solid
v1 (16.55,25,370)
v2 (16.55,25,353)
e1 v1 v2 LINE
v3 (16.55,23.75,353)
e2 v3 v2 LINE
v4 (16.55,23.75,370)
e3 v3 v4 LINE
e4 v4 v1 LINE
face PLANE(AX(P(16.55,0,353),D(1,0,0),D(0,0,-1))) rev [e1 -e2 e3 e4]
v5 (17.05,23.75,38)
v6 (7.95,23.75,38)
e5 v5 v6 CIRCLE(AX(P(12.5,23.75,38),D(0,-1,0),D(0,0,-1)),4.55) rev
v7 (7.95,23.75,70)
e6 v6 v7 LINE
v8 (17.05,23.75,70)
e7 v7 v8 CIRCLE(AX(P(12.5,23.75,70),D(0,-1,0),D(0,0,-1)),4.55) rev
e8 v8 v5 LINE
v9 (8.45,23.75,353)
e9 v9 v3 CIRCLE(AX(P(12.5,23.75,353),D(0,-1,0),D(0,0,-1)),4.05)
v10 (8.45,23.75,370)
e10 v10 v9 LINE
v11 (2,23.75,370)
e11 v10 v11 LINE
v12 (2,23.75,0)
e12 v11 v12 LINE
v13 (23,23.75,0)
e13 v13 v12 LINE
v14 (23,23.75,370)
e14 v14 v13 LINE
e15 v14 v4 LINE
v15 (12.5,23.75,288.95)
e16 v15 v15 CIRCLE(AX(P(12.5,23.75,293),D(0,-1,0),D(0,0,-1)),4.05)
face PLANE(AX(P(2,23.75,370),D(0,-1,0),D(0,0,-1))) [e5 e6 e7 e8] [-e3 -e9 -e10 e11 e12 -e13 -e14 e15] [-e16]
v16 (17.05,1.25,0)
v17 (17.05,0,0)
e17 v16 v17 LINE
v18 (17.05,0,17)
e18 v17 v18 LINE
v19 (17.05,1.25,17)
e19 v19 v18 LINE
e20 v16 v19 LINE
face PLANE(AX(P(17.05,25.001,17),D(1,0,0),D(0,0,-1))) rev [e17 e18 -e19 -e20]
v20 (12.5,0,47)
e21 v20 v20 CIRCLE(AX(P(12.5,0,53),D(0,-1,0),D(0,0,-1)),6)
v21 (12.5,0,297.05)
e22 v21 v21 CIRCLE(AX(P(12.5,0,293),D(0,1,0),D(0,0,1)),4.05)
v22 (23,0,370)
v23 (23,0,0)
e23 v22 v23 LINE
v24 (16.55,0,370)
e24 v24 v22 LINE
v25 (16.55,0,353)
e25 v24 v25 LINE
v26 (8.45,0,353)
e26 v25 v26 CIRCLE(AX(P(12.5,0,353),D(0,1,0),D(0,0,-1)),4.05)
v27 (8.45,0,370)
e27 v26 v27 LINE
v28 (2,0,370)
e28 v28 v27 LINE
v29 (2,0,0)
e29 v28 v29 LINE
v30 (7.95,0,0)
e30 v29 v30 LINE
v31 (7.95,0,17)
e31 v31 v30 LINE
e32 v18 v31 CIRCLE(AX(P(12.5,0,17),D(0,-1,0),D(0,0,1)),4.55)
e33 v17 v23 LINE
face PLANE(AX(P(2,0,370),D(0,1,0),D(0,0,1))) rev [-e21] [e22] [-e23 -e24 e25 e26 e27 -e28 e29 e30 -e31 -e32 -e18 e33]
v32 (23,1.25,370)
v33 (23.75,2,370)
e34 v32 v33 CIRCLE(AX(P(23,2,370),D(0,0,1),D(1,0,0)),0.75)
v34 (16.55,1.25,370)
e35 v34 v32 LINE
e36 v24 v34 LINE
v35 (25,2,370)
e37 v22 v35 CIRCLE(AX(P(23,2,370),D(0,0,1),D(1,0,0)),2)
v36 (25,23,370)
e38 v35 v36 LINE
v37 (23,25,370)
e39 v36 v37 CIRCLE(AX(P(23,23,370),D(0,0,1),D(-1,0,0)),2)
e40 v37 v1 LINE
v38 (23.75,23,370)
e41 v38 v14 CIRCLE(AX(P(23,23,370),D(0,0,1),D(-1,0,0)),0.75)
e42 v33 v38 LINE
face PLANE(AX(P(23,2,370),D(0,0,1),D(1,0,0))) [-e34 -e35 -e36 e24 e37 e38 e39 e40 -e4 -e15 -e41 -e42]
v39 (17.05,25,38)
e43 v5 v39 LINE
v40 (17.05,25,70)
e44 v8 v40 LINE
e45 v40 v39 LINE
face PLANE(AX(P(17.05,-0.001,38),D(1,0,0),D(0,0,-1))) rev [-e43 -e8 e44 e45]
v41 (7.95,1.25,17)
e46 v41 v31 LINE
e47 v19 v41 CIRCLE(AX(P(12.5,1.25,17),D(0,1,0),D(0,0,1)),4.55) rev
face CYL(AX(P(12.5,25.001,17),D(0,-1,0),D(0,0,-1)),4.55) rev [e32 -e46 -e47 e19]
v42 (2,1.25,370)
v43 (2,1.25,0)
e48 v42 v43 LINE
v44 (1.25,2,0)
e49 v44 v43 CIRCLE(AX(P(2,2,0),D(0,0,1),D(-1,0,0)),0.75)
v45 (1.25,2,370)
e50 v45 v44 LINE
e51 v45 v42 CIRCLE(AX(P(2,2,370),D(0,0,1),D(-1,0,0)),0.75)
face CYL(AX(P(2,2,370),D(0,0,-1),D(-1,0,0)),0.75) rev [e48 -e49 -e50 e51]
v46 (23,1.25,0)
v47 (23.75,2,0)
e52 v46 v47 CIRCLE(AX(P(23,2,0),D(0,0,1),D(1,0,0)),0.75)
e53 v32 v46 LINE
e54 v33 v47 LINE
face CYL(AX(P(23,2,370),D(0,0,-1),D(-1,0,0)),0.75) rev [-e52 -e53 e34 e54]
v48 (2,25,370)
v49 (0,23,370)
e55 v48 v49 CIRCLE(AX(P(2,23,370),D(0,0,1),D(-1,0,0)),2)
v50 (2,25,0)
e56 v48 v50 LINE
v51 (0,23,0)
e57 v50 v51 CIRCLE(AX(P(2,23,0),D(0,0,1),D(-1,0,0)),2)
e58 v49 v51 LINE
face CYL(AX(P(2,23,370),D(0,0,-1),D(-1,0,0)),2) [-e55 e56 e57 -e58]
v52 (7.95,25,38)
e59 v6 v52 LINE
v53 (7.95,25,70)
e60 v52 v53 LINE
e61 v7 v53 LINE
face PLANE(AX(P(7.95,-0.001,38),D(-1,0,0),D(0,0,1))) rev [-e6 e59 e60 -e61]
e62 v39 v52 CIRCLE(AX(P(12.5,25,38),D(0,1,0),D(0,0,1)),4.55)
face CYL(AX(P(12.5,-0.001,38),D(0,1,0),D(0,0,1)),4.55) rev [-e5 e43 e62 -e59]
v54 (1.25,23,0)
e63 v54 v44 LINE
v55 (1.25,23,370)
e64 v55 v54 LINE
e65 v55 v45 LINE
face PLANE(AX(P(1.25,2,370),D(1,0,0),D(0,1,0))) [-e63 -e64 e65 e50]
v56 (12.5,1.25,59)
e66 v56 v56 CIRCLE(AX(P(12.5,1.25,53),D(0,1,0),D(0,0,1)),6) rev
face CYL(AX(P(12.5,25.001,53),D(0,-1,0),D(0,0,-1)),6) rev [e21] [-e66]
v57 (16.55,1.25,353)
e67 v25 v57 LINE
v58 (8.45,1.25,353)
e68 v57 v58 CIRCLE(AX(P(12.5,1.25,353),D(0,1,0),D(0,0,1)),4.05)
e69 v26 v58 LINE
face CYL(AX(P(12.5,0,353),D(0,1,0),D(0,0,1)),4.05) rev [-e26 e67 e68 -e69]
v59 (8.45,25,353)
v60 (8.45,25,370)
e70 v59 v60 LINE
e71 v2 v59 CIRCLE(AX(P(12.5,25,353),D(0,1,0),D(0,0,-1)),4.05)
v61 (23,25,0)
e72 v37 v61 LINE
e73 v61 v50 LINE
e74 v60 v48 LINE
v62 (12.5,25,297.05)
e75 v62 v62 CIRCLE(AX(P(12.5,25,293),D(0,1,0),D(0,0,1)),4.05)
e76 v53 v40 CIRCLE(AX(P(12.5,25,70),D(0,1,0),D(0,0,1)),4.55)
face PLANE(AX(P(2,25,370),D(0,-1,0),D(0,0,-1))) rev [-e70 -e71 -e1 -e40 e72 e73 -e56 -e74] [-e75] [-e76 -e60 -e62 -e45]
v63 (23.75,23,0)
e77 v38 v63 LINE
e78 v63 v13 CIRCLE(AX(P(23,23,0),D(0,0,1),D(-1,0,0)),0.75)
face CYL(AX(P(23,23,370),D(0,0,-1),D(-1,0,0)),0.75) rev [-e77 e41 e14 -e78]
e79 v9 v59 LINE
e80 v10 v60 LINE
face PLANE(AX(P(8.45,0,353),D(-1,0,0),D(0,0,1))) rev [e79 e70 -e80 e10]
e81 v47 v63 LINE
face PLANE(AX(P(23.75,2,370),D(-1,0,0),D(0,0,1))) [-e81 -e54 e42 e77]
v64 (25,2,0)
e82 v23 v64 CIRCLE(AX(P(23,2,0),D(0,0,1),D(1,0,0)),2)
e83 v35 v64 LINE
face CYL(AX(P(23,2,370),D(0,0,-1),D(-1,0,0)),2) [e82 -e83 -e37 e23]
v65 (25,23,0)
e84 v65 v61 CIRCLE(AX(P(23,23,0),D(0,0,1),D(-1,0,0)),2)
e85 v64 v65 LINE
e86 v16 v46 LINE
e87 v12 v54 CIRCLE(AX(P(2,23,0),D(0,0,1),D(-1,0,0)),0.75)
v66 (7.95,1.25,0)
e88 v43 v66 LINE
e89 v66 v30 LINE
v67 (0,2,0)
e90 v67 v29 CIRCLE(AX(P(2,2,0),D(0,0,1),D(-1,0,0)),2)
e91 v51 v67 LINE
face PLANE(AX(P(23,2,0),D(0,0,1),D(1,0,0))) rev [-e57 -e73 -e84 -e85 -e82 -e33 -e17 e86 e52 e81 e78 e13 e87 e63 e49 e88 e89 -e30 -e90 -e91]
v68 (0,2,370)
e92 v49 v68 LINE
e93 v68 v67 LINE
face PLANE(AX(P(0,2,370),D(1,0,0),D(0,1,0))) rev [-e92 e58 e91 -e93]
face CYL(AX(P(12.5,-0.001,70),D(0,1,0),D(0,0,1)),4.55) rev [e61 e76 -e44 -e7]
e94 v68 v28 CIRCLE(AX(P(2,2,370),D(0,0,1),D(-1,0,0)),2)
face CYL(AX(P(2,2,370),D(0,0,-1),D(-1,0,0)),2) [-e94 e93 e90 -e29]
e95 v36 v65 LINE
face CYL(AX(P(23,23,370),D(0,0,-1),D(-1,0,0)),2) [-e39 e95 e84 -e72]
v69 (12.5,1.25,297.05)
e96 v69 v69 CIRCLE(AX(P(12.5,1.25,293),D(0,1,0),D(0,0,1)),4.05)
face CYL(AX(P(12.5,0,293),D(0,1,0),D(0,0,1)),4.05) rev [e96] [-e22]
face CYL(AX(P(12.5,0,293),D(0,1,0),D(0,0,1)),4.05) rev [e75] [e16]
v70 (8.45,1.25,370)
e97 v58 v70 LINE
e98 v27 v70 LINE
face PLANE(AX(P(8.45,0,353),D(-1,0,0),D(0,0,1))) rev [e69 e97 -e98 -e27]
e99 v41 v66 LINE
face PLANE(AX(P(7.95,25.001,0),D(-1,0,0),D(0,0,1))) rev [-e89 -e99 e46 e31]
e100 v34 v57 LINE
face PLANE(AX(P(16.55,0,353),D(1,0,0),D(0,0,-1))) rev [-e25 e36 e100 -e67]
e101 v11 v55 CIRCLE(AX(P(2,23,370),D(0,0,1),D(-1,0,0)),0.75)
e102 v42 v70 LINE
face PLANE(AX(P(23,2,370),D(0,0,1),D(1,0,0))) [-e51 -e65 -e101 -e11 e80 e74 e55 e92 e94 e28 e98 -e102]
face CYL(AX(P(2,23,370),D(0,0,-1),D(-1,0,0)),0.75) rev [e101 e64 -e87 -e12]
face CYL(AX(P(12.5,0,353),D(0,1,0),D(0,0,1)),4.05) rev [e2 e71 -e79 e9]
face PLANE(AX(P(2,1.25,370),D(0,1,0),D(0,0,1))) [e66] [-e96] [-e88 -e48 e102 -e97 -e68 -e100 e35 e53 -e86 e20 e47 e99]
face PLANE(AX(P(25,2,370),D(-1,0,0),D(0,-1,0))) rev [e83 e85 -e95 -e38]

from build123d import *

# Parameters (mm, degrees)
BOSS_EXTRUDE1_DEPTH = 370
SKETCH2_R           = 4.05
CUT_EXTRUDE1_DEPTH  = 26
CUT_EXTRUDE2_REACH  = 27
CUT_EXTRUDE3_REACH  = 27
SKETCH4_R           = 6


with BuildPart() as part:
    # Sketch1 → Boss-Extrude1 (new body)
    with BuildSketch(Plane.XY):
        with BuildLine():
            Line((2, 0), (23, 0))
            ThreePointArc((23, 0), (24.414213562, 0.585786438), (25, 2))
            Line((25, 2), (25, 23))
            ThreePointArc((25, 23), (24.414213562, 24.414213562), (23, 25))
            Line((23, 25), (2, 25))
            ThreePointArc((2, 25), (0.585786438, 24.414213562), (0, 23))
            Line((0, 23), (0, 2))
            ThreePointArc((0, 2), (0.585786438, 0.585786438), (2, 0))
        make_face()
        with BuildLine():
            Line((2, 1.25), (23, 1.25))
            ThreePointArc((23, 1.25), (23.530330086, 1.469669914), (23.75, 2))
            Line((23.75, 2), (23.75, 23))
            ThreePointArc((23.75, 23), (23.530330086, 23.530330086), (23, 23.75))
            Line((23, 23.75), (2, 23.75))
            ThreePointArc((2, 23.75), (1.469669914, 23.530330086), (1.25, 23))
            Line((1.25, 23), (1.25, 2))
            ThreePointArc((1.25, 2), (1.469669914, 1.469669914), (2, 1.25))
        make_face(mode=Mode.SUBTRACT)
    extrude(amount=BOSS_EXTRUDE1_DEPTH)

    # Sketch2 → Cut-Extrude1 (cut, through all)
    with BuildSketch(Plane(origin=(0, 25, 0), x_dir=(1, 0, 0), z_dir=(0, 1, 0))):
        with Locations((12.5, -293)):
            Circle(SKETCH2_R)
        with BuildLine():
            Line((8.45, -353), (8.45, -370))
            Line((8.45, -370), (16.55, -370))
            Line((16.55, -370), (16.55, -353))
            ThreePointArc((16.55, -353), (12.5, -348.95), (8.45, -353))
        make_face()
    extrude(amount=-CUT_EXTRUDE1_DEPTH, mode=Mode.SUBTRACT)

    # Sketch3 → Cut-Extrude2 (cut, up to next)
    with BuildSketch(Plane(origin=(0, 25, 0), x_dir=(1, 0, 0), z_dir=(0, 1, 0)), mode=Mode.PRIVATE) as cut_extrude2_sk1:
        with BuildLine():
            Line((17.05, -38), (17.05, -70))
            ThreePointArc((17.05, -70), (12.5, -74.55), (7.95, -70))
            Line((7.95, -70), (7.95, -38))
            ThreePointArc((7.95, -38), (12.5, -33.45), (17.05, -38))
        make_face()
    cut_extrude2_tool1 = extrude(cut_extrude2_sk1.sketch, amount=-CUT_EXTRUDE2_REACH, mode=Mode.PRIVATE) & part.part
    add(cut_extrude2_tool1.solids().sort_by_distance((12.5, 25, 54))[0], mode=Mode.SUBTRACT)

    # Sketch4 → Cut-Extrude3 (cut, up to next)
    with BuildSketch(Plane.XZ, mode=Mode.PRIVATE) as cut_extrude3_sk1:
        with Locations((12.5, 53)):
            Circle(SKETCH4_R)
    cut_extrude3_tool1 = extrude(cut_extrude3_sk1.sketch, amount=-CUT_EXTRUDE3_REACH, mode=Mode.PRIVATE) & part.part
    add(cut_extrude3_tool1.solids().sort_by_distance((12.5, 0, 53))[0], mode=Mode.SUBTRACT)
    # Sketch4 → Cut-Extrude3 (cut, up to next)
    with BuildSketch(Plane.XZ, mode=Mode.PRIVATE) as cut_extrude3_sk2:
        with BuildLine():
            Line((7.95, 0), (7.95, 17))
            ThreePointArc((7.95, 17), (12.5, 21.55), (17.05, 17))
            Line((17.05, 17), (17.05, 0))
            Line((17.05, 0), (7.95, 0))
        make_face()
    cut_extrude3_tool2 = extrude(cut_extrude3_sk2.sketch, amount=-CUT_EXTRUDE3_REACH, mode=Mode.PRIVATE) & part.part
    add(cut_extrude3_tool2.solids().sort_by_distance((12.5, 0, 10.311845))[0], mode=Mode.SUBTRACT)


solid = part.part
